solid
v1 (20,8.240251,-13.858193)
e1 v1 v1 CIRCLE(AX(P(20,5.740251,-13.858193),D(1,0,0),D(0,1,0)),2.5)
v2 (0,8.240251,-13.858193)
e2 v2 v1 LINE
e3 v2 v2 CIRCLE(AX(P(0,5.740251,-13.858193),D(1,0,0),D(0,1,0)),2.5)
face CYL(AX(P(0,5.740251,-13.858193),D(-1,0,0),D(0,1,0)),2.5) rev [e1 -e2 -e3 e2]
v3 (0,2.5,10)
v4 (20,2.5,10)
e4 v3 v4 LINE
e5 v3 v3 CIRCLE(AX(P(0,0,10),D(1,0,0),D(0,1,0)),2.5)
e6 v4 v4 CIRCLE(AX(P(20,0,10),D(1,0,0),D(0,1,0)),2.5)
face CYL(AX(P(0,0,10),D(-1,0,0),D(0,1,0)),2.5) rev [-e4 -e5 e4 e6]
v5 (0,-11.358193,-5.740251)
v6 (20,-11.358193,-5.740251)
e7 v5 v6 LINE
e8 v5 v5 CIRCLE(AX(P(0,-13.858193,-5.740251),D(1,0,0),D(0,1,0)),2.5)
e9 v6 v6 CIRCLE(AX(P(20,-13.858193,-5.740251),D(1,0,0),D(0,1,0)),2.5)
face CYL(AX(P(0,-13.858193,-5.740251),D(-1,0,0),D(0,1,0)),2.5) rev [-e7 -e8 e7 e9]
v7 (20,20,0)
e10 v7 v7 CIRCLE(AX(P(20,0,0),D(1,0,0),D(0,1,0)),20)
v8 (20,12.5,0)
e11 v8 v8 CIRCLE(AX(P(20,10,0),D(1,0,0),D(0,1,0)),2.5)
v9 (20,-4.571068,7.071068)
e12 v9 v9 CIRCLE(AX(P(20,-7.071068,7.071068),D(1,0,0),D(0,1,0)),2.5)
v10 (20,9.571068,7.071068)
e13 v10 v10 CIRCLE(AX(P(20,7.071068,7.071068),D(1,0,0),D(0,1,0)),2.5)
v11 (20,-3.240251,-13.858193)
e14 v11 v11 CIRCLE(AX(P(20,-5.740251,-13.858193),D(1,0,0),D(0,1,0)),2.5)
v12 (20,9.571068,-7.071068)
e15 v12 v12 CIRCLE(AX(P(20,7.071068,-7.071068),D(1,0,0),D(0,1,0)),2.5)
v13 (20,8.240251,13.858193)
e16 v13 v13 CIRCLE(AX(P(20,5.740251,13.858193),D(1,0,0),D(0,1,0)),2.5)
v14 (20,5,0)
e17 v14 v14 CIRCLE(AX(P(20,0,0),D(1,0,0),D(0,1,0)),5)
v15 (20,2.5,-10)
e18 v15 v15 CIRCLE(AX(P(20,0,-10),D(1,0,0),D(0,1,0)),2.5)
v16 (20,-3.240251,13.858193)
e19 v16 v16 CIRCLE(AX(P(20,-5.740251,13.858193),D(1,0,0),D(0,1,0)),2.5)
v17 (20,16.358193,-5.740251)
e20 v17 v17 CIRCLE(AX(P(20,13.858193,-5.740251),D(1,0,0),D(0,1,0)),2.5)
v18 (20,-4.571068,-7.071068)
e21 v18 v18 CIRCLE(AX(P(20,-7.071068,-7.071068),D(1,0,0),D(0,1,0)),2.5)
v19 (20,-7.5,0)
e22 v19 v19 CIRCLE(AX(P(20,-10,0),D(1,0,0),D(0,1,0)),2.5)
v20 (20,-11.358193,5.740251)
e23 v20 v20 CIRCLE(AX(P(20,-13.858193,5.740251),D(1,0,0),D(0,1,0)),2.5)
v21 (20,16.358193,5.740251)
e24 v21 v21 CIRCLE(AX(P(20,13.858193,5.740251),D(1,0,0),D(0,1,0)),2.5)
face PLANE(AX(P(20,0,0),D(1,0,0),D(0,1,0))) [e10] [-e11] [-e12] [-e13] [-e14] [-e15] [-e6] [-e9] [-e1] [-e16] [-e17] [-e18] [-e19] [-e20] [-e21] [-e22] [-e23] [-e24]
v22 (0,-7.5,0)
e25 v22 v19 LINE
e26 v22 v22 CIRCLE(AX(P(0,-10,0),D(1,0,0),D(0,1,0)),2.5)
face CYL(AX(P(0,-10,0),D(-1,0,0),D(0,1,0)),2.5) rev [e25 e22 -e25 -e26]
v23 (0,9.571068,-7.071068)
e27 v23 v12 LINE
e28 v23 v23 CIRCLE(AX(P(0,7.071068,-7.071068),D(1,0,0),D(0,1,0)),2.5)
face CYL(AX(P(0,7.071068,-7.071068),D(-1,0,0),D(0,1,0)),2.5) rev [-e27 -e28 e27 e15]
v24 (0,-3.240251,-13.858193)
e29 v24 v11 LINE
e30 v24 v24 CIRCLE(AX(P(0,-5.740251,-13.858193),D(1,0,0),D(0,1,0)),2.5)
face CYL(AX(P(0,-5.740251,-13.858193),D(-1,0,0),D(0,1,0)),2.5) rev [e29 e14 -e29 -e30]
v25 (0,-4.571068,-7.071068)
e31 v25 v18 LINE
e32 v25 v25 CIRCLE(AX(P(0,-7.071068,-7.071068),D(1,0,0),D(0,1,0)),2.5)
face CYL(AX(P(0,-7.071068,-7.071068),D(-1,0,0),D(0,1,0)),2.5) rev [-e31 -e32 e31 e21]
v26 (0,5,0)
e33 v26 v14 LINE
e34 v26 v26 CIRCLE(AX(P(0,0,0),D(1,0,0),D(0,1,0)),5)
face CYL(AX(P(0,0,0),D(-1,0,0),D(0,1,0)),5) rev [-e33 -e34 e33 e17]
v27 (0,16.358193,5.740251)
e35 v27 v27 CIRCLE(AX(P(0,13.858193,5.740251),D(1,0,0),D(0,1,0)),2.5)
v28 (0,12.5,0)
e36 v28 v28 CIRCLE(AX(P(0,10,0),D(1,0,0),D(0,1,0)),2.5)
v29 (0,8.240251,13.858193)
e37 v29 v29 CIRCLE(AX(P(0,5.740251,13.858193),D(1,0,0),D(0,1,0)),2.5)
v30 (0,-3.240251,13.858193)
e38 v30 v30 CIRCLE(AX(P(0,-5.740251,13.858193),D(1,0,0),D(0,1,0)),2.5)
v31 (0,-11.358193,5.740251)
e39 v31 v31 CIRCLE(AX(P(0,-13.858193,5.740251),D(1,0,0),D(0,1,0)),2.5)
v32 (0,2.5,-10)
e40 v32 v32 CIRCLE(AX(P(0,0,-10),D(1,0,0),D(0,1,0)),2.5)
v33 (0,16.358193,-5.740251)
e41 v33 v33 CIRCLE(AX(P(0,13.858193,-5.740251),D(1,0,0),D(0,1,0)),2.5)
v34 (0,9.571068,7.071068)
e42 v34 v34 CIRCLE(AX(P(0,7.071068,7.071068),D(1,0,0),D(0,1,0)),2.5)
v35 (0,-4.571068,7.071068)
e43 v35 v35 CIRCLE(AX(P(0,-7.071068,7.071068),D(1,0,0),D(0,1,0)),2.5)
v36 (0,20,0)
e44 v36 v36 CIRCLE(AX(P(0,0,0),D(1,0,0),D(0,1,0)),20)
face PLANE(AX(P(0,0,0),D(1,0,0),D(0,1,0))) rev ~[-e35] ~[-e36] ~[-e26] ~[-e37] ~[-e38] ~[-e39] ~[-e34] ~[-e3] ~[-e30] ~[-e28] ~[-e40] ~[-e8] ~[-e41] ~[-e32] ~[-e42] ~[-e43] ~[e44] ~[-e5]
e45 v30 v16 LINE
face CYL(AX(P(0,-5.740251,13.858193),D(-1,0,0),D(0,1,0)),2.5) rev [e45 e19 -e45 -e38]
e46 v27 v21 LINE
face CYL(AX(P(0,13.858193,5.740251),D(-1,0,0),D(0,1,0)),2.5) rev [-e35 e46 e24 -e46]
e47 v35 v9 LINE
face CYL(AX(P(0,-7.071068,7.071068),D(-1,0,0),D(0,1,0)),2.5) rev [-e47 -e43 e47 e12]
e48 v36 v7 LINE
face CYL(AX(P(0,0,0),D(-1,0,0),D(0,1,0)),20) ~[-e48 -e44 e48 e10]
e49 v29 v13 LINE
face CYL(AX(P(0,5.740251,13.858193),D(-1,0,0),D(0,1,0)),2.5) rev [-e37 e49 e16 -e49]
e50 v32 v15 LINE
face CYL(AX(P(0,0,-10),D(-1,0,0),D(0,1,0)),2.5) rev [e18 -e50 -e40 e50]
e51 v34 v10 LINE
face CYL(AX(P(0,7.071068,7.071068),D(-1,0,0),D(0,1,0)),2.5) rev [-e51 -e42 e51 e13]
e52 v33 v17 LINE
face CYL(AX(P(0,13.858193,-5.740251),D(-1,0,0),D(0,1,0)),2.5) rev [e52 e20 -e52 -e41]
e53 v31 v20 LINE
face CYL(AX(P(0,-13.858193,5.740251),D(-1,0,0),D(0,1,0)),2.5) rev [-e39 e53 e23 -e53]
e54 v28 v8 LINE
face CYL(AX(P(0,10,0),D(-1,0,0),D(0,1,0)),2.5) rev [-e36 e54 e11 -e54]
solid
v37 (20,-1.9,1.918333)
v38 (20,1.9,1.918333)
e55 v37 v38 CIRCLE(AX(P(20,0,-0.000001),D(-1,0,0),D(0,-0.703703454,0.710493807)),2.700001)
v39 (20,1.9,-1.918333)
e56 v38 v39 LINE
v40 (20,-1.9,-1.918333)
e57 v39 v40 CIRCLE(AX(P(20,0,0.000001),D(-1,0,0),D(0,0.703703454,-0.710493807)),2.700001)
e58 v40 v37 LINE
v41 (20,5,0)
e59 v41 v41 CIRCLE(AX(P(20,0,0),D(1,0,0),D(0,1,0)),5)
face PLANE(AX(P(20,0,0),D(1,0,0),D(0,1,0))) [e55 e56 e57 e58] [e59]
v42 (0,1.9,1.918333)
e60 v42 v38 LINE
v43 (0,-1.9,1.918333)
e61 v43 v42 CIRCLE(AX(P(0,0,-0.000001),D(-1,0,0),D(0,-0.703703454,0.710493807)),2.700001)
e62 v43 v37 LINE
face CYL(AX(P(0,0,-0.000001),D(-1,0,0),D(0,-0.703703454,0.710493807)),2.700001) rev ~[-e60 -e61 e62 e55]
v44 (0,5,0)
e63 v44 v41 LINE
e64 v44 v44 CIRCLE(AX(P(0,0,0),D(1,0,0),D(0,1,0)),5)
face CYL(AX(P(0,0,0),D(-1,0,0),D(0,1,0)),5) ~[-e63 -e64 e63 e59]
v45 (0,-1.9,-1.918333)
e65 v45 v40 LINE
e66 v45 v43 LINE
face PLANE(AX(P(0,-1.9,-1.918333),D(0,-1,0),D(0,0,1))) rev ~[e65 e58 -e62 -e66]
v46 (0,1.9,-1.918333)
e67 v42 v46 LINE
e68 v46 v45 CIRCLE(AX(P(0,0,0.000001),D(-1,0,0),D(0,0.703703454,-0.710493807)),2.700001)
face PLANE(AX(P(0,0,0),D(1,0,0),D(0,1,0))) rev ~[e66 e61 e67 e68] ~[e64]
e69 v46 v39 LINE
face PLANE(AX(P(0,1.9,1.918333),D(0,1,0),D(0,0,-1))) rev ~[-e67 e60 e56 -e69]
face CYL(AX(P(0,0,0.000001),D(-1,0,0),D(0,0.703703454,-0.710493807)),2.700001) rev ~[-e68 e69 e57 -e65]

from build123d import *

# Parameters (mm, degrees)
F0_R     = 5
F1_DEPTH = 20
F0_R_2   = 20
F0_R_3   = 2.5
F2_DEPTH = 20


with BuildPart() as f1:
    # F0 (on Right) → F1 (new body)
    with BuildSketch(Plane.YZ):
        Circle(F0_R)
        with BuildLine():
            ThreePointArc((1.9, -1.918333), (0, -2.7), (-1.9, -1.918333))
            Line((-1.9, -1.918333), (-1.9, 1.918333))
            ThreePointArc((-1.9, 1.918333), (0, 2.7), (1.9, 1.918333))
            Line((1.9, 1.918333), (1.9, -1.918333))
        make_face(mode=Mode.SUBTRACT)
    extrude(amount=F1_DEPTH)


with BuildPart() as f2:
    # F0 (on Right) → F2 (new body, through all)
    with BuildSketch(Plane.YZ):
        Circle(F0_R_2)
        with Locations((-5.740251, -13.858193)):
            Circle(F0_R_3, mode=Mode.SUBTRACT)
        with Locations((-13.858193, -5.740251)):
            Circle(F0_R_3, mode=Mode.SUBTRACT)
        with Locations((-7.071068, -7.071068)):
            Circle(F0_R_3, mode=Mode.SUBTRACT)
        with Locations((5.740251, -13.858193)):
            Circle(F0_R_3, mode=Mode.SUBTRACT)
        with Locations((0, -10)):
            Circle(F0_R_3, mode=Mode.SUBTRACT)
        with Locations((7.071068, -7.071068)):
            Circle(F0_R_3, mode=Mode.SUBTRACT)
        with Locations((13.858193, -5.740251)):
            Circle(F0_R_3, mode=Mode.SUBTRACT)
        with Locations((-13.858193, 5.740251)):
            Circle(F0_R_3, mode=Mode.SUBTRACT)
        with Locations((-10, 0)):
            Circle(F0_R_3, mode=Mode.SUBTRACT)
        with Locations((-7.071068, 7.071068)):
            Circle(F0_R_3, mode=Mode.SUBTRACT)
        with Locations((-5.740251, 13.858193)):
            Circle(F0_R_3, mode=Mode.SUBTRACT)
        Circle(F0_R, mode=Mode.SUBTRACT)
        with Locations((7.071068, 7.071068)):
            Circle(F0_R_3, mode=Mode.SUBTRACT)
        with Locations((10, 0)):
            Circle(F0_R_3, mode=Mode.SUBTRACT)
        with Locations((13.858193, 5.740251)):
            Circle(F0_R_3, mode=Mode.SUBTRACT)
        with Locations((0, 10)):
            Circle(F0_R_3, mode=Mode.SUBTRACT)
        with Locations((5.740251, 13.858193)):
            Circle(F0_R_3, mode=Mode.SUBTRACT)
    extrude(amount=F2_DEPTH)


solid = Compound([f1.part, f2.part])
